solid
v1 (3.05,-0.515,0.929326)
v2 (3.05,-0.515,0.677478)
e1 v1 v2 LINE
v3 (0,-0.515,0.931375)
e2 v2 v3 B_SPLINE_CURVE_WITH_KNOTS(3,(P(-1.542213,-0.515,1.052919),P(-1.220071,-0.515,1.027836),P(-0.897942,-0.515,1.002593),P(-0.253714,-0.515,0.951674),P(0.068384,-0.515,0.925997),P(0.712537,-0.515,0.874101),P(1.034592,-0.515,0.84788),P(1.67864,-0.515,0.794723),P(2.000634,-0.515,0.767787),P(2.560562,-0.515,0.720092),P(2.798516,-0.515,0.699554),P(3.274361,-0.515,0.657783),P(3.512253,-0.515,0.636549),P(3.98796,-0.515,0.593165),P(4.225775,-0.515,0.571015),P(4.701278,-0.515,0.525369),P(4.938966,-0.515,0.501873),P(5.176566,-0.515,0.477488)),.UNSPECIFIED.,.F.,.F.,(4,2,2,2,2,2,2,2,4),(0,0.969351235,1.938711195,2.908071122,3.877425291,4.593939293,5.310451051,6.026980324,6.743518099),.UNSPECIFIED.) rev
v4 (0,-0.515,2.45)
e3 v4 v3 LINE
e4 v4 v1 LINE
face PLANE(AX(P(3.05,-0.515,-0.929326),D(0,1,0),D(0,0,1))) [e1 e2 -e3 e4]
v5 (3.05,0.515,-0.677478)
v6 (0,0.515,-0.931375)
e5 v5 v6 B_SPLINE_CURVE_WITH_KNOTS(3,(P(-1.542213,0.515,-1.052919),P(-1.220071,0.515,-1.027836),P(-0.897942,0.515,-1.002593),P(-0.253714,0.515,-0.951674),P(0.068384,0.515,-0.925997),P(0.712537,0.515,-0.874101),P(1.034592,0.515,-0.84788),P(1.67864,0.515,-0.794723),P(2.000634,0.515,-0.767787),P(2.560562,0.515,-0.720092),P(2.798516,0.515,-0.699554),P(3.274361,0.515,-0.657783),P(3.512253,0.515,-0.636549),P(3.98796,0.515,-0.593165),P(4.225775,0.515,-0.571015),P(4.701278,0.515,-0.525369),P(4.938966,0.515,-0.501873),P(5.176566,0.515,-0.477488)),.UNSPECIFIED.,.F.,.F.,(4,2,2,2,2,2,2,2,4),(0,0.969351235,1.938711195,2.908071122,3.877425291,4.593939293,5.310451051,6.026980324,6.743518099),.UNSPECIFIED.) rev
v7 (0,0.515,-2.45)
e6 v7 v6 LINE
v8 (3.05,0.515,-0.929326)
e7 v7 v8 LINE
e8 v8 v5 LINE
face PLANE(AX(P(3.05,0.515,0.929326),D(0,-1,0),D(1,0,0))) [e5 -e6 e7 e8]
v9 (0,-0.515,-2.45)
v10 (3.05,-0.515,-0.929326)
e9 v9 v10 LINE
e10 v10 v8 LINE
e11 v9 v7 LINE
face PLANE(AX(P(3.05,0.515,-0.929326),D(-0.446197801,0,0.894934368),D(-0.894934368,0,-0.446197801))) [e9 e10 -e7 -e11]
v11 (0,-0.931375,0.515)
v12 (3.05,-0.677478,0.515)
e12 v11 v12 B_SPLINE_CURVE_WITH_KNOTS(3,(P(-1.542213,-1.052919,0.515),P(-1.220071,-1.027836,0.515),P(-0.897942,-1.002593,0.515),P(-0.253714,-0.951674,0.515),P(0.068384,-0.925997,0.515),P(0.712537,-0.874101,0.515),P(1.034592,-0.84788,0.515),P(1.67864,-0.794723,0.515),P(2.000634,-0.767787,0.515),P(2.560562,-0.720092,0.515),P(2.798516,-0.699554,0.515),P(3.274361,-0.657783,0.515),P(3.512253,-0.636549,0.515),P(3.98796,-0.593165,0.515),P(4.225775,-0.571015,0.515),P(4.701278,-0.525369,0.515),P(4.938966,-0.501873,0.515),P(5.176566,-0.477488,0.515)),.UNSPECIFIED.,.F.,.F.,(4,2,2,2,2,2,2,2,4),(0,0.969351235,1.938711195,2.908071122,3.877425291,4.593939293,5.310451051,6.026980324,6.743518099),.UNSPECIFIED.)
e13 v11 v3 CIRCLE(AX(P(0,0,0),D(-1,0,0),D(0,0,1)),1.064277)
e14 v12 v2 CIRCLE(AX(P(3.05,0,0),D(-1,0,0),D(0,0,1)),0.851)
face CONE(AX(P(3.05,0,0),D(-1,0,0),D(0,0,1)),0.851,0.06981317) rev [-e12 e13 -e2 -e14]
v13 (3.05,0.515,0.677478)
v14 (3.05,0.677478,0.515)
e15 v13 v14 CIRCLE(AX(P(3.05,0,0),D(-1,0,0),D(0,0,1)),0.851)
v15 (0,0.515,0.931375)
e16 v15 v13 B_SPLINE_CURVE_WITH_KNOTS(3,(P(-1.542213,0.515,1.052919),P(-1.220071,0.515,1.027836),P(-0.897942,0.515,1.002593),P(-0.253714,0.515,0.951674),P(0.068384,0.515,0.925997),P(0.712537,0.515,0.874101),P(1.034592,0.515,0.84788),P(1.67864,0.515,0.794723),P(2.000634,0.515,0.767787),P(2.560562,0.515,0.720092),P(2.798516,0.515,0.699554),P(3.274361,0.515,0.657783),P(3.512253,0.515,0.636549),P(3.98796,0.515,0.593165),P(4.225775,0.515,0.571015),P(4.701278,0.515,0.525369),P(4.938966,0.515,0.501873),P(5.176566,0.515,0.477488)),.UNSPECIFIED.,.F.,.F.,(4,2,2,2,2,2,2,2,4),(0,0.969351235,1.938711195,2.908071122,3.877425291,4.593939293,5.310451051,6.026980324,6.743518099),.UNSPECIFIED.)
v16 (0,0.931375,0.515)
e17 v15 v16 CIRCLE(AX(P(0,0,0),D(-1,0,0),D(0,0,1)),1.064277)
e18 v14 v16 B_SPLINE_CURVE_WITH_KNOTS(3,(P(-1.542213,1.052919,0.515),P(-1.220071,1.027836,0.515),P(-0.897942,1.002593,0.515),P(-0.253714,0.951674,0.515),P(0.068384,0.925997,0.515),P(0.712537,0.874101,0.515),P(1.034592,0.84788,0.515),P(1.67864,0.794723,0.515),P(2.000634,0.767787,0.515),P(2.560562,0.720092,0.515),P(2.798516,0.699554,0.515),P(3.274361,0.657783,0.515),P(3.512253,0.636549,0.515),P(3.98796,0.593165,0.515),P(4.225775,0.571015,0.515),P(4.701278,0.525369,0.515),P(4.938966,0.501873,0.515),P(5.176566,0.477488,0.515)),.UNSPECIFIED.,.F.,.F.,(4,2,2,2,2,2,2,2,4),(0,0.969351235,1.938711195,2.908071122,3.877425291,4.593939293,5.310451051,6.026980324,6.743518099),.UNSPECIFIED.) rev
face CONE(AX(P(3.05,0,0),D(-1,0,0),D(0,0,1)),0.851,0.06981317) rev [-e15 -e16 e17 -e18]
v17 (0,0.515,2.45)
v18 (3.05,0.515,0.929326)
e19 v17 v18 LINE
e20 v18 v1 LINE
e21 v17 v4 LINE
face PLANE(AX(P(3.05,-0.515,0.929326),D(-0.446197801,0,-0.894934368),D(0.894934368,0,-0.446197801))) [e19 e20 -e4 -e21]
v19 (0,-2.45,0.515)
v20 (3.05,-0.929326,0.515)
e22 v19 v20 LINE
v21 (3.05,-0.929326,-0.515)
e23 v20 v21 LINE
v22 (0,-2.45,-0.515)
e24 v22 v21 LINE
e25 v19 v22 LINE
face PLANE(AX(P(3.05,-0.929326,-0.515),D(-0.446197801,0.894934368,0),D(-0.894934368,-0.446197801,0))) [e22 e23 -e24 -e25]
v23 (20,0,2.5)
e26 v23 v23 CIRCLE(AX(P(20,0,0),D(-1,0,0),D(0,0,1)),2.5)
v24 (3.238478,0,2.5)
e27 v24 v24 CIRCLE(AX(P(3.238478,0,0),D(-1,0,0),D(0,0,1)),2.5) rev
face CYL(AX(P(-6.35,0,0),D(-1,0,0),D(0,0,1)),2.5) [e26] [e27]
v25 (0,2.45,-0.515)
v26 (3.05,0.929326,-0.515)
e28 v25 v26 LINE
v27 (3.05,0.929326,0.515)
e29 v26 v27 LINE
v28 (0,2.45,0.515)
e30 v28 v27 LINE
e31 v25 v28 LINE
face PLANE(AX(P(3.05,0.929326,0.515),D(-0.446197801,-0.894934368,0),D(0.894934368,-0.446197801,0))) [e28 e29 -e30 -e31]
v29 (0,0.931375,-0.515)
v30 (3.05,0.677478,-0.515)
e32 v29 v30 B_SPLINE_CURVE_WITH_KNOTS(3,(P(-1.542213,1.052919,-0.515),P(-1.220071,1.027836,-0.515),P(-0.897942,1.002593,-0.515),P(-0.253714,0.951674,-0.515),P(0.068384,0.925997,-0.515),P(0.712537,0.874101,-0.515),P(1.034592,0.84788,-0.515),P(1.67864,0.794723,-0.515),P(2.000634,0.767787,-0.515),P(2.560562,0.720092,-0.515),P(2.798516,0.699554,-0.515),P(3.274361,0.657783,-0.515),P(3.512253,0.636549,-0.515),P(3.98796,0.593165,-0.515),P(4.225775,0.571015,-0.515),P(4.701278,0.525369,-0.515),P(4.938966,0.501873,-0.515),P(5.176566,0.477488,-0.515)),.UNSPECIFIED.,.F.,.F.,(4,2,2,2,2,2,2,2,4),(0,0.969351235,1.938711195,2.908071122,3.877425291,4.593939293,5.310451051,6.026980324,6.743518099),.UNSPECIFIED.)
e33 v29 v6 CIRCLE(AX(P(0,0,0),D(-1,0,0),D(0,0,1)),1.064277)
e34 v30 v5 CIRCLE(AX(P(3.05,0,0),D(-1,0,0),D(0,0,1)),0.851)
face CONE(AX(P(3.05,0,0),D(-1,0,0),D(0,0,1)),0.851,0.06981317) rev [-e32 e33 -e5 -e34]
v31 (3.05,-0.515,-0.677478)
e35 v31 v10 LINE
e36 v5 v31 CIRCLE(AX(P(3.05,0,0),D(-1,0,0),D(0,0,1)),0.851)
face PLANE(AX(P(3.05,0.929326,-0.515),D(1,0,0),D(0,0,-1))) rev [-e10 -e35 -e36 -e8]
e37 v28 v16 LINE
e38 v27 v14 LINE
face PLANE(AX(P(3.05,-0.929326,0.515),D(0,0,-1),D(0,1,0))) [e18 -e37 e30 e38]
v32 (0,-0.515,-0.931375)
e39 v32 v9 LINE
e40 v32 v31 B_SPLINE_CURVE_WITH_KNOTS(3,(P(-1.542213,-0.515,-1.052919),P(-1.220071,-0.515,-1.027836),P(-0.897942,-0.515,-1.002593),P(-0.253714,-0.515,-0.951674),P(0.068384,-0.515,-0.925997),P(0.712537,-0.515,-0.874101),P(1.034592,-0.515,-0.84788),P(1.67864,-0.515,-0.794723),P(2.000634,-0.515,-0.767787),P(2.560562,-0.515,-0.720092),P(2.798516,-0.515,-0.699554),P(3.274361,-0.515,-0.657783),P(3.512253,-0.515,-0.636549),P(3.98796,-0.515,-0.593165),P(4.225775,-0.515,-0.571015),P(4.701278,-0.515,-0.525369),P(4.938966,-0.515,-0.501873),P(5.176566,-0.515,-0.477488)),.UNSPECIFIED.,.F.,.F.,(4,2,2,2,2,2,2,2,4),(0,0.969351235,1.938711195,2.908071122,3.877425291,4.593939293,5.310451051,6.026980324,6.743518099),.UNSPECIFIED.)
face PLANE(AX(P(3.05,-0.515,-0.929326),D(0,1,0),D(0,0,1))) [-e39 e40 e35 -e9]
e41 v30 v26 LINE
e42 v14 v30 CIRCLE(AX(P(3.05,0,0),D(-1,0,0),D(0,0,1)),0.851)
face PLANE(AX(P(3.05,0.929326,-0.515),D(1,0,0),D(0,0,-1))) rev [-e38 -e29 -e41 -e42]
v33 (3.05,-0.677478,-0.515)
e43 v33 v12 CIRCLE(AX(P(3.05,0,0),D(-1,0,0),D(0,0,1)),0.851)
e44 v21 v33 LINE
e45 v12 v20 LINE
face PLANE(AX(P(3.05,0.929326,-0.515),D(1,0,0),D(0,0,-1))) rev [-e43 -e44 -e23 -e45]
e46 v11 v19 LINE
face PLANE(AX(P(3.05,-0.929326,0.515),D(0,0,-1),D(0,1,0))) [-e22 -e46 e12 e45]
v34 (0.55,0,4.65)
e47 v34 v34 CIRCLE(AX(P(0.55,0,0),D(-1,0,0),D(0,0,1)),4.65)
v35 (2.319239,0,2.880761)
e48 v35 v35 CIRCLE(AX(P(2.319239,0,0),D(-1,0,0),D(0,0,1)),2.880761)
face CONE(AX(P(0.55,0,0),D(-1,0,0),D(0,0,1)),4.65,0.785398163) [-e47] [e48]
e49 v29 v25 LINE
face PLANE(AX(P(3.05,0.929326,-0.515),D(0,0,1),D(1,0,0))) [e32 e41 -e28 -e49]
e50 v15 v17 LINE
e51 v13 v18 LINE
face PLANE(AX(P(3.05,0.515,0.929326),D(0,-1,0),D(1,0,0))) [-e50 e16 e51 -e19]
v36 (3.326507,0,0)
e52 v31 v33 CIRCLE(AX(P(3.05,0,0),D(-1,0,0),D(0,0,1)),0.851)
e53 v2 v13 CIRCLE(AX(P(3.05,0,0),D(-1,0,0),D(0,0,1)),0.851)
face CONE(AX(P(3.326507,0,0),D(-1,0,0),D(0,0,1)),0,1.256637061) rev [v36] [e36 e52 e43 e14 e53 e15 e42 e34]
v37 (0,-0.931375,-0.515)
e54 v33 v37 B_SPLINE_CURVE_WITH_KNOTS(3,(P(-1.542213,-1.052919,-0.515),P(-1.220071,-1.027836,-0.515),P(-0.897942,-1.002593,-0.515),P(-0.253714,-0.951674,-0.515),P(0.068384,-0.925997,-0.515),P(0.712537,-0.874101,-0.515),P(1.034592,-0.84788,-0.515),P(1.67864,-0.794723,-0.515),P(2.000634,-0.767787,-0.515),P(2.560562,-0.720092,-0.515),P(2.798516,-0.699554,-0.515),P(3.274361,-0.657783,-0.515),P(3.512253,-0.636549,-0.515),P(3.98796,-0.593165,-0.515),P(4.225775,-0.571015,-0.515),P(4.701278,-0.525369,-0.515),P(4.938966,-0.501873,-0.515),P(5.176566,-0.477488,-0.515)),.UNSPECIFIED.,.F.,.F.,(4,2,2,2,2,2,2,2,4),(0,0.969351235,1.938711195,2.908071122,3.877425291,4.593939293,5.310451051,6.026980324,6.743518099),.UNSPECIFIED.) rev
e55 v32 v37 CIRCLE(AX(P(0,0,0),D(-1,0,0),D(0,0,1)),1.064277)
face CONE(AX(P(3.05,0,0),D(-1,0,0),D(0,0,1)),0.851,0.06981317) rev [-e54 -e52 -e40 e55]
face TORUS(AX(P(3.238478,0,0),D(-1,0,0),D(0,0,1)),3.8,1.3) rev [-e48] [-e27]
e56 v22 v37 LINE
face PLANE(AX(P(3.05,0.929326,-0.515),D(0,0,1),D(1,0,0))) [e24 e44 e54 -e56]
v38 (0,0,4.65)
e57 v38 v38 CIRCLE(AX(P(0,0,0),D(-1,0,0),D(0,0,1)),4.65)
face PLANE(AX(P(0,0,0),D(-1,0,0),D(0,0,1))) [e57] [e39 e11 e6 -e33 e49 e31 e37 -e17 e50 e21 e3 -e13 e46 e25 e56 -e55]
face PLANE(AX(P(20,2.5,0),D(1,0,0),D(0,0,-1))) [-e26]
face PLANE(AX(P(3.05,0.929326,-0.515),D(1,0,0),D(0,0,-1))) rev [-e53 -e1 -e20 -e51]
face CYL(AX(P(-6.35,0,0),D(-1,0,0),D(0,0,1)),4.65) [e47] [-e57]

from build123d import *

# Parameters (mm, degrees)
FILLET1_R    = 1.3
RECPAT_COUNT = 2
RECPAT_ANGLE = 90


with BuildPart() as part:
    # BodySke → Base-Revolve (revolve)
    with BuildSketch(Plane.XY, mode=Mode.PRIVATE) as base_revolve_sk:
        Polygon((0, 0), (0, 4.65), (0.55, 4.65), (2.7, 2.5), (20, 2.5), (20, 0), align=None)
    revolve(base_revolve_sk.sketch.rotate(Axis((-6.35, 0, 0), (1, 0, 0)), 90), axis=Axis((-6.35, 0, 0), (1, 0, 0)))

    # Fillet1
    fillet1_edges = [part.edges().sort_by_distance(p)[0] for p in [
        (2.7, 0, -2.5),
    ]]
    fillet(fillet1_edges, radius=FILLET1_R)

    # Sketch3 → Recess section 0
    with BuildSketch(Plane.ZY):
        with BuildLine():
            Line((-0.515, 2.45), (0.515, 2.45))
            Line((0.515, 2.45), (0.515, -2.45))
            Line((0.515, -2.45), (-0.515, -2.45))
            Line((-0.515, -2.45), (-0.515, 2.45))
        make_face()
    # Sketch4 → Recess section 1
    with BuildSketch(Plane.ZY.offset(-3.05)):
        with BuildLine():
            Line((-0.515, 0.929326148), (0.515, 0.929326148))
            Line((0.515, 0.929326148), (0.515, -0.929326148))
            Line((0.515, -0.929326148), (-0.515, -0.929326148))
            Line((-0.515, -0.929326148), (-0.515, 0.929326148))
        make_face()
    recess = loft(mode=Mode.SUBTRACT)

    # RecPat: Recess ×2 about axis
    recpat_axis = Axis((0, 0, 0), (1, 0, 0))
    for i in range(1, RECPAT_COUNT):
        add(recess.rotate(recpat_axis, i * RECPAT_ANGLE / (RECPAT_COUNT - 1)), mode=Mode.SUBTRACT)

    # RecCorSke → RecessCore (revolve, cut)
    with BuildSketch(Plane.XY, mode=Mode.PRIVATE) as recesscore_sk:
        Polygon((0, 0), (0, 1.064276776), (3.05, 0.851), (3.326506661, 0), align=None)
    revolve(recesscore_sk.sketch.rotate(Axis((-3.175, 0, 0), (1, 0, 0)), 90), axis=Axis((-3.175, 0, 0), (1, 0, 0)), mode=Mode.SUBTRACT)


solid = part.part
